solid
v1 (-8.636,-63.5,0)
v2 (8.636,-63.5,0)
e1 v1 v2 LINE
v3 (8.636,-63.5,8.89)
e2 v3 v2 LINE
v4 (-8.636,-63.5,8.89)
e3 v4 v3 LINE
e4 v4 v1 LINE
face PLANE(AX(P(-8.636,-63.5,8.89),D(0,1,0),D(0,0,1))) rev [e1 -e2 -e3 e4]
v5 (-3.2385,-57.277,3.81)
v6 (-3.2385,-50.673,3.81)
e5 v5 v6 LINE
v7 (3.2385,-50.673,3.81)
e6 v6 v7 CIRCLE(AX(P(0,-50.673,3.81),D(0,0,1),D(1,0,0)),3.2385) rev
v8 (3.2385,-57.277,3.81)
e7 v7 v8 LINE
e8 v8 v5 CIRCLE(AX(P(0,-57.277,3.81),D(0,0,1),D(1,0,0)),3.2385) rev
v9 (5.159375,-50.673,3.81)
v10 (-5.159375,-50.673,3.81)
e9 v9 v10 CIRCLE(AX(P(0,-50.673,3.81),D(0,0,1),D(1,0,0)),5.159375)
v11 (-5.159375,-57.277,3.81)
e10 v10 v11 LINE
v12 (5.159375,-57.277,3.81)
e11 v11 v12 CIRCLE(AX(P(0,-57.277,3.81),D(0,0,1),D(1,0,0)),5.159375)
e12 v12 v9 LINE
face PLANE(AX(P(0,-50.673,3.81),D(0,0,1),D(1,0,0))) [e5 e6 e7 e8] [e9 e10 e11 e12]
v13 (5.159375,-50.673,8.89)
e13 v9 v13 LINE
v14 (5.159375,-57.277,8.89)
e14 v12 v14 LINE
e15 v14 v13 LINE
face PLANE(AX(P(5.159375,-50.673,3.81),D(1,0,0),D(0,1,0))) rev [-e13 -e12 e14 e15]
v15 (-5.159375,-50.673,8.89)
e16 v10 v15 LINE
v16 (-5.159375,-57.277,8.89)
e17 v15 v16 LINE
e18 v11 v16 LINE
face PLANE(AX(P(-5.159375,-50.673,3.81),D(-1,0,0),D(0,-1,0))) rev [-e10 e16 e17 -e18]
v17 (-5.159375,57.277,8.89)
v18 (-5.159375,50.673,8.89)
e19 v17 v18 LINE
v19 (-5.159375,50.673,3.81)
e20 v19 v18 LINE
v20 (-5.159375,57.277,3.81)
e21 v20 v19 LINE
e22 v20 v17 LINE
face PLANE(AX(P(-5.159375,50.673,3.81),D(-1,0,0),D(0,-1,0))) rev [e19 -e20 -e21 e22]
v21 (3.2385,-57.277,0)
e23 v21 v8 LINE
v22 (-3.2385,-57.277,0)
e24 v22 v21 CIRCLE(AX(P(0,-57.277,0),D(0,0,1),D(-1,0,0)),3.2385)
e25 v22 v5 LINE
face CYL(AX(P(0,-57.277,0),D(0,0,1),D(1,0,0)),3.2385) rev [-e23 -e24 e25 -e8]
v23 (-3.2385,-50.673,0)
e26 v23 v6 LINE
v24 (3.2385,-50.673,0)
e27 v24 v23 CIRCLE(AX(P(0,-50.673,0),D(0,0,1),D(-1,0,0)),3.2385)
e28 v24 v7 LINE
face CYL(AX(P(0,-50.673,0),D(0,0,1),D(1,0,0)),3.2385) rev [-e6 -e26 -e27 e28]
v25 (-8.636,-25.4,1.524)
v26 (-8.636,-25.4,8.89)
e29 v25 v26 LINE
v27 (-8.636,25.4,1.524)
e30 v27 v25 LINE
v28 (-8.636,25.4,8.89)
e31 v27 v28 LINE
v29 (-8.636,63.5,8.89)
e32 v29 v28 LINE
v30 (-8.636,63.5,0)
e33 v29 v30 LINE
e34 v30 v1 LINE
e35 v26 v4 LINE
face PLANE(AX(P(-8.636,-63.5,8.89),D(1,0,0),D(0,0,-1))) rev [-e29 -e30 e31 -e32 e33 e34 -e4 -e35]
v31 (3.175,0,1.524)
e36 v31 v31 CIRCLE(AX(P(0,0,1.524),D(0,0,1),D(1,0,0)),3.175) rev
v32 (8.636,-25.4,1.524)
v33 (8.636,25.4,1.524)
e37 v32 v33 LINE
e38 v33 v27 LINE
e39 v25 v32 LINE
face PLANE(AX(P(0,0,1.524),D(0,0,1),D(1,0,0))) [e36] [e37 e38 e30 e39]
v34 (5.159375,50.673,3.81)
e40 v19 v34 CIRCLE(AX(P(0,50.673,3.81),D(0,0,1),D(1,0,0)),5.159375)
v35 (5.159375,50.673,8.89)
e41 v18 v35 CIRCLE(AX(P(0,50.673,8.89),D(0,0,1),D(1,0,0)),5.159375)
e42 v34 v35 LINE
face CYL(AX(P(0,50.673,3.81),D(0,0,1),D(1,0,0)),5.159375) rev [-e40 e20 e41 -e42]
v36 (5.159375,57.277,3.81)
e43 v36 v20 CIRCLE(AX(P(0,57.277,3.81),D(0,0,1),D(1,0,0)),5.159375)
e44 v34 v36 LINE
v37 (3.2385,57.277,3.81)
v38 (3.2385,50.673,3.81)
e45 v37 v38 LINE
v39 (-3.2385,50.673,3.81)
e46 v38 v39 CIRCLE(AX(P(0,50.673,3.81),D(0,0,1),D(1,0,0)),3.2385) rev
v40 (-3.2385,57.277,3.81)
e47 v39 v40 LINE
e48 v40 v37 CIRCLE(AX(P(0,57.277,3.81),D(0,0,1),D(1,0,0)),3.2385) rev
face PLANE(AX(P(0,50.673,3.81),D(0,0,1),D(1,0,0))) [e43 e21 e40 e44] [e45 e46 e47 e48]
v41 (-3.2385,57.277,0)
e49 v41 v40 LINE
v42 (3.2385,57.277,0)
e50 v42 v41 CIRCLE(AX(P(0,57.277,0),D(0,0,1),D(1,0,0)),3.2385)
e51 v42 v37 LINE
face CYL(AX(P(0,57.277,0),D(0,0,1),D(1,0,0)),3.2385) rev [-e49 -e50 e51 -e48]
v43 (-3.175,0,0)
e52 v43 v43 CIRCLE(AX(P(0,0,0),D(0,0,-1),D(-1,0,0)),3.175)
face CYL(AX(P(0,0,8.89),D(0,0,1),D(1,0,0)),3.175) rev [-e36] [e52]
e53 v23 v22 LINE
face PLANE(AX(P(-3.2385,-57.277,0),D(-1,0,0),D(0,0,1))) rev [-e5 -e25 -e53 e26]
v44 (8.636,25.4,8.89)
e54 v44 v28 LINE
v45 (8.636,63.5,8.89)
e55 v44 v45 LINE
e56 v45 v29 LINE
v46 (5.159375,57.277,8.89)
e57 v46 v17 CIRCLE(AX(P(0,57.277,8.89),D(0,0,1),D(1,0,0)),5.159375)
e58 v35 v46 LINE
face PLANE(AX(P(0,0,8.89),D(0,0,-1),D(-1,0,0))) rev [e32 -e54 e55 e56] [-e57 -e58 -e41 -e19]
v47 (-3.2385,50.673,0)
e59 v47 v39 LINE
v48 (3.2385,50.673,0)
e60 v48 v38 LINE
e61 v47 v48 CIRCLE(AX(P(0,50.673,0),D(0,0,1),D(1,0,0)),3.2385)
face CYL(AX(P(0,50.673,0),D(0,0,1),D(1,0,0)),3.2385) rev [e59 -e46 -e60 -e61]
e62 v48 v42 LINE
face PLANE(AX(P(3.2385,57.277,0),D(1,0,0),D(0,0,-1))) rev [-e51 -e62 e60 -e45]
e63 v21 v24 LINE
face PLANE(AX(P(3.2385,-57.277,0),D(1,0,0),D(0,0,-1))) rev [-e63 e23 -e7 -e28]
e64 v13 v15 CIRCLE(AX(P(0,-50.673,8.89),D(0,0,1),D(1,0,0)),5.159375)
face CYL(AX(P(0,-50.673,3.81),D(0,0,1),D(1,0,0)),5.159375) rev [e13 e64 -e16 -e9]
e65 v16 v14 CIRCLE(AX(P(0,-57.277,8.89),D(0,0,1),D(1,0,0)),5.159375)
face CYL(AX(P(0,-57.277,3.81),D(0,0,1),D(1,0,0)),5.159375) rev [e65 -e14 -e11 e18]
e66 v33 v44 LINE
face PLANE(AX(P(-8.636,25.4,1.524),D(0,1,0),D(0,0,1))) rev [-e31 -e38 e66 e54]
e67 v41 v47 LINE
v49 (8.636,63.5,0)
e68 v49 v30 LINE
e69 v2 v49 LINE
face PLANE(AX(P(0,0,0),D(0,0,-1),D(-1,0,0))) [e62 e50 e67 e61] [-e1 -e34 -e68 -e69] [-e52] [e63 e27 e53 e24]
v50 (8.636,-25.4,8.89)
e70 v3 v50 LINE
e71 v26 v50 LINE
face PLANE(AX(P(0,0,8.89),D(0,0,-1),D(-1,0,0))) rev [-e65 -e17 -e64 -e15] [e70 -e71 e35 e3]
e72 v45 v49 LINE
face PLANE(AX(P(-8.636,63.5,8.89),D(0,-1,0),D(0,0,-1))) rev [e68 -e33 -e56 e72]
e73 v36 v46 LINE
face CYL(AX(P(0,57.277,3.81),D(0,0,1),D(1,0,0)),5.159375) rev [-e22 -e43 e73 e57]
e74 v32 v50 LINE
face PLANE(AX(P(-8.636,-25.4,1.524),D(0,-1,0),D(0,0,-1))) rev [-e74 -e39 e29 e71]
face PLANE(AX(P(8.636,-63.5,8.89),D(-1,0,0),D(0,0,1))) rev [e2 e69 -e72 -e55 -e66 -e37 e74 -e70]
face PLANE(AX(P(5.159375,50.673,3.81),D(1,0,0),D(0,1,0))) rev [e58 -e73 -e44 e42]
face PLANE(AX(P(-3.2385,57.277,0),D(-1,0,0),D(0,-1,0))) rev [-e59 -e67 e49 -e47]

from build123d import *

# Parameters (mm, degrees)
SKETCH1_W                       = 17.272
SKETCH1_H                       = 127
BOSS_EXTRUDE1_DEPTH             = 8.89
F_1_4_0_25_DIAMETER_HOLE1_D     = 6.35
F_1_4_0_25_DIAMETER_HOLE1_DEPTH = 8.89
SKETCH5_W                       = 17.272
SKETCH5_H                       = 50.8
CUT_EXTRUDE1_DEPTH              = 7.366
CUT_EXTRUDE2_DEPTH              = 9.89
CUT_EXTRUDE3_DEPTH              = 5.08


with BuildPart() as part:
    # Sketch1 → Boss-Extrude1 (new body)
    with BuildSketch(Plane.XY):
        Rectangle(SKETCH1_W, SKETCH1_H)
    extrude(amount=BOSS_EXTRUDE1_DEPTH)

    # 1/4 (0.25) Diameter Hole1
    with Locations(Plane.XY.offset(8.89)):
        with Locations((0, 0)):
            Hole(F_1_4_0_25_DIAMETER_HOLE1_D / 2, depth=F_1_4_0_25_DIAMETER_HOLE1_DEPTH)

    # Sketch5 → Cut-Extrude1 (cut)
    with BuildSketch(Plane.XY.offset(8.89)):
        Rectangle(SKETCH5_W, SKETCH5_H)
    extrude(amount=-CUT_EXTRUDE1_DEPTH, mode=Mode.SUBTRACT)

    # Sketch13 → Cut-Extrude2 (cut, through all)
    with BuildSketch(Plane.XY.offset(8.89)):
        with BuildLine():
            Line((3.2385, 57.277), (3.2385, 50.673))
            ThreePointArc((3.2385, 50.673), (0, 47.4345), (-3.2385, 50.673))
            Line((-3.2385, 50.673), (-3.2385, 57.277))
            ThreePointArc((-3.2385, 57.277), (0, 60.5155), (3.2385, 57.277))
        make_face()
        with BuildLine():
            Line((3.2385, -57.277), (3.2385, -50.673))
            ThreePointArc((3.2385, -50.673), (0, -47.4345), (-3.2385, -50.673))
            Line((-3.2385, -50.673), (-3.2385, -57.277))
            ThreePointArc((-3.2385, -57.277), (0, -60.5155), (3.2385, -57.277))
        make_face()
    extrude(amount=-CUT_EXTRUDE2_DEPTH, mode=Mode.SUBTRACT)

    # Sketch14 → Cut-Extrude3 (cut)
    with BuildSketch(Plane.XY.offset(8.89)):
        with BuildLine():
            Line((-5.159375, 50.673), (-5.159375, 57.277))
            ThreePointArc((-5.159375, 57.277), (0, 62.436375), (5.159375, 57.277))
            Line((5.159375, 57.277), (5.159375, 50.673))
            ThreePointArc((5.159375, 50.673), (0, 45.513625), (-5.159375, 50.673))
        make_face()
        with BuildLine():
            Line((5.159375, -50.673), (5.159375, -57.277))
            ThreePointArc((5.159375, -57.277), (0, -62.436375), (-5.159375, -57.277))
            Line((-5.159375, -57.277), (-5.159375, -50.673))
            ThreePointArc((-5.159375, -50.673), (0, -45.513625), (5.159375, -50.673))
        make_face()
    extrude(amount=-CUT_EXTRUDE3_DEPTH, mode=Mode.SUBTRACT)


solid = part.part
